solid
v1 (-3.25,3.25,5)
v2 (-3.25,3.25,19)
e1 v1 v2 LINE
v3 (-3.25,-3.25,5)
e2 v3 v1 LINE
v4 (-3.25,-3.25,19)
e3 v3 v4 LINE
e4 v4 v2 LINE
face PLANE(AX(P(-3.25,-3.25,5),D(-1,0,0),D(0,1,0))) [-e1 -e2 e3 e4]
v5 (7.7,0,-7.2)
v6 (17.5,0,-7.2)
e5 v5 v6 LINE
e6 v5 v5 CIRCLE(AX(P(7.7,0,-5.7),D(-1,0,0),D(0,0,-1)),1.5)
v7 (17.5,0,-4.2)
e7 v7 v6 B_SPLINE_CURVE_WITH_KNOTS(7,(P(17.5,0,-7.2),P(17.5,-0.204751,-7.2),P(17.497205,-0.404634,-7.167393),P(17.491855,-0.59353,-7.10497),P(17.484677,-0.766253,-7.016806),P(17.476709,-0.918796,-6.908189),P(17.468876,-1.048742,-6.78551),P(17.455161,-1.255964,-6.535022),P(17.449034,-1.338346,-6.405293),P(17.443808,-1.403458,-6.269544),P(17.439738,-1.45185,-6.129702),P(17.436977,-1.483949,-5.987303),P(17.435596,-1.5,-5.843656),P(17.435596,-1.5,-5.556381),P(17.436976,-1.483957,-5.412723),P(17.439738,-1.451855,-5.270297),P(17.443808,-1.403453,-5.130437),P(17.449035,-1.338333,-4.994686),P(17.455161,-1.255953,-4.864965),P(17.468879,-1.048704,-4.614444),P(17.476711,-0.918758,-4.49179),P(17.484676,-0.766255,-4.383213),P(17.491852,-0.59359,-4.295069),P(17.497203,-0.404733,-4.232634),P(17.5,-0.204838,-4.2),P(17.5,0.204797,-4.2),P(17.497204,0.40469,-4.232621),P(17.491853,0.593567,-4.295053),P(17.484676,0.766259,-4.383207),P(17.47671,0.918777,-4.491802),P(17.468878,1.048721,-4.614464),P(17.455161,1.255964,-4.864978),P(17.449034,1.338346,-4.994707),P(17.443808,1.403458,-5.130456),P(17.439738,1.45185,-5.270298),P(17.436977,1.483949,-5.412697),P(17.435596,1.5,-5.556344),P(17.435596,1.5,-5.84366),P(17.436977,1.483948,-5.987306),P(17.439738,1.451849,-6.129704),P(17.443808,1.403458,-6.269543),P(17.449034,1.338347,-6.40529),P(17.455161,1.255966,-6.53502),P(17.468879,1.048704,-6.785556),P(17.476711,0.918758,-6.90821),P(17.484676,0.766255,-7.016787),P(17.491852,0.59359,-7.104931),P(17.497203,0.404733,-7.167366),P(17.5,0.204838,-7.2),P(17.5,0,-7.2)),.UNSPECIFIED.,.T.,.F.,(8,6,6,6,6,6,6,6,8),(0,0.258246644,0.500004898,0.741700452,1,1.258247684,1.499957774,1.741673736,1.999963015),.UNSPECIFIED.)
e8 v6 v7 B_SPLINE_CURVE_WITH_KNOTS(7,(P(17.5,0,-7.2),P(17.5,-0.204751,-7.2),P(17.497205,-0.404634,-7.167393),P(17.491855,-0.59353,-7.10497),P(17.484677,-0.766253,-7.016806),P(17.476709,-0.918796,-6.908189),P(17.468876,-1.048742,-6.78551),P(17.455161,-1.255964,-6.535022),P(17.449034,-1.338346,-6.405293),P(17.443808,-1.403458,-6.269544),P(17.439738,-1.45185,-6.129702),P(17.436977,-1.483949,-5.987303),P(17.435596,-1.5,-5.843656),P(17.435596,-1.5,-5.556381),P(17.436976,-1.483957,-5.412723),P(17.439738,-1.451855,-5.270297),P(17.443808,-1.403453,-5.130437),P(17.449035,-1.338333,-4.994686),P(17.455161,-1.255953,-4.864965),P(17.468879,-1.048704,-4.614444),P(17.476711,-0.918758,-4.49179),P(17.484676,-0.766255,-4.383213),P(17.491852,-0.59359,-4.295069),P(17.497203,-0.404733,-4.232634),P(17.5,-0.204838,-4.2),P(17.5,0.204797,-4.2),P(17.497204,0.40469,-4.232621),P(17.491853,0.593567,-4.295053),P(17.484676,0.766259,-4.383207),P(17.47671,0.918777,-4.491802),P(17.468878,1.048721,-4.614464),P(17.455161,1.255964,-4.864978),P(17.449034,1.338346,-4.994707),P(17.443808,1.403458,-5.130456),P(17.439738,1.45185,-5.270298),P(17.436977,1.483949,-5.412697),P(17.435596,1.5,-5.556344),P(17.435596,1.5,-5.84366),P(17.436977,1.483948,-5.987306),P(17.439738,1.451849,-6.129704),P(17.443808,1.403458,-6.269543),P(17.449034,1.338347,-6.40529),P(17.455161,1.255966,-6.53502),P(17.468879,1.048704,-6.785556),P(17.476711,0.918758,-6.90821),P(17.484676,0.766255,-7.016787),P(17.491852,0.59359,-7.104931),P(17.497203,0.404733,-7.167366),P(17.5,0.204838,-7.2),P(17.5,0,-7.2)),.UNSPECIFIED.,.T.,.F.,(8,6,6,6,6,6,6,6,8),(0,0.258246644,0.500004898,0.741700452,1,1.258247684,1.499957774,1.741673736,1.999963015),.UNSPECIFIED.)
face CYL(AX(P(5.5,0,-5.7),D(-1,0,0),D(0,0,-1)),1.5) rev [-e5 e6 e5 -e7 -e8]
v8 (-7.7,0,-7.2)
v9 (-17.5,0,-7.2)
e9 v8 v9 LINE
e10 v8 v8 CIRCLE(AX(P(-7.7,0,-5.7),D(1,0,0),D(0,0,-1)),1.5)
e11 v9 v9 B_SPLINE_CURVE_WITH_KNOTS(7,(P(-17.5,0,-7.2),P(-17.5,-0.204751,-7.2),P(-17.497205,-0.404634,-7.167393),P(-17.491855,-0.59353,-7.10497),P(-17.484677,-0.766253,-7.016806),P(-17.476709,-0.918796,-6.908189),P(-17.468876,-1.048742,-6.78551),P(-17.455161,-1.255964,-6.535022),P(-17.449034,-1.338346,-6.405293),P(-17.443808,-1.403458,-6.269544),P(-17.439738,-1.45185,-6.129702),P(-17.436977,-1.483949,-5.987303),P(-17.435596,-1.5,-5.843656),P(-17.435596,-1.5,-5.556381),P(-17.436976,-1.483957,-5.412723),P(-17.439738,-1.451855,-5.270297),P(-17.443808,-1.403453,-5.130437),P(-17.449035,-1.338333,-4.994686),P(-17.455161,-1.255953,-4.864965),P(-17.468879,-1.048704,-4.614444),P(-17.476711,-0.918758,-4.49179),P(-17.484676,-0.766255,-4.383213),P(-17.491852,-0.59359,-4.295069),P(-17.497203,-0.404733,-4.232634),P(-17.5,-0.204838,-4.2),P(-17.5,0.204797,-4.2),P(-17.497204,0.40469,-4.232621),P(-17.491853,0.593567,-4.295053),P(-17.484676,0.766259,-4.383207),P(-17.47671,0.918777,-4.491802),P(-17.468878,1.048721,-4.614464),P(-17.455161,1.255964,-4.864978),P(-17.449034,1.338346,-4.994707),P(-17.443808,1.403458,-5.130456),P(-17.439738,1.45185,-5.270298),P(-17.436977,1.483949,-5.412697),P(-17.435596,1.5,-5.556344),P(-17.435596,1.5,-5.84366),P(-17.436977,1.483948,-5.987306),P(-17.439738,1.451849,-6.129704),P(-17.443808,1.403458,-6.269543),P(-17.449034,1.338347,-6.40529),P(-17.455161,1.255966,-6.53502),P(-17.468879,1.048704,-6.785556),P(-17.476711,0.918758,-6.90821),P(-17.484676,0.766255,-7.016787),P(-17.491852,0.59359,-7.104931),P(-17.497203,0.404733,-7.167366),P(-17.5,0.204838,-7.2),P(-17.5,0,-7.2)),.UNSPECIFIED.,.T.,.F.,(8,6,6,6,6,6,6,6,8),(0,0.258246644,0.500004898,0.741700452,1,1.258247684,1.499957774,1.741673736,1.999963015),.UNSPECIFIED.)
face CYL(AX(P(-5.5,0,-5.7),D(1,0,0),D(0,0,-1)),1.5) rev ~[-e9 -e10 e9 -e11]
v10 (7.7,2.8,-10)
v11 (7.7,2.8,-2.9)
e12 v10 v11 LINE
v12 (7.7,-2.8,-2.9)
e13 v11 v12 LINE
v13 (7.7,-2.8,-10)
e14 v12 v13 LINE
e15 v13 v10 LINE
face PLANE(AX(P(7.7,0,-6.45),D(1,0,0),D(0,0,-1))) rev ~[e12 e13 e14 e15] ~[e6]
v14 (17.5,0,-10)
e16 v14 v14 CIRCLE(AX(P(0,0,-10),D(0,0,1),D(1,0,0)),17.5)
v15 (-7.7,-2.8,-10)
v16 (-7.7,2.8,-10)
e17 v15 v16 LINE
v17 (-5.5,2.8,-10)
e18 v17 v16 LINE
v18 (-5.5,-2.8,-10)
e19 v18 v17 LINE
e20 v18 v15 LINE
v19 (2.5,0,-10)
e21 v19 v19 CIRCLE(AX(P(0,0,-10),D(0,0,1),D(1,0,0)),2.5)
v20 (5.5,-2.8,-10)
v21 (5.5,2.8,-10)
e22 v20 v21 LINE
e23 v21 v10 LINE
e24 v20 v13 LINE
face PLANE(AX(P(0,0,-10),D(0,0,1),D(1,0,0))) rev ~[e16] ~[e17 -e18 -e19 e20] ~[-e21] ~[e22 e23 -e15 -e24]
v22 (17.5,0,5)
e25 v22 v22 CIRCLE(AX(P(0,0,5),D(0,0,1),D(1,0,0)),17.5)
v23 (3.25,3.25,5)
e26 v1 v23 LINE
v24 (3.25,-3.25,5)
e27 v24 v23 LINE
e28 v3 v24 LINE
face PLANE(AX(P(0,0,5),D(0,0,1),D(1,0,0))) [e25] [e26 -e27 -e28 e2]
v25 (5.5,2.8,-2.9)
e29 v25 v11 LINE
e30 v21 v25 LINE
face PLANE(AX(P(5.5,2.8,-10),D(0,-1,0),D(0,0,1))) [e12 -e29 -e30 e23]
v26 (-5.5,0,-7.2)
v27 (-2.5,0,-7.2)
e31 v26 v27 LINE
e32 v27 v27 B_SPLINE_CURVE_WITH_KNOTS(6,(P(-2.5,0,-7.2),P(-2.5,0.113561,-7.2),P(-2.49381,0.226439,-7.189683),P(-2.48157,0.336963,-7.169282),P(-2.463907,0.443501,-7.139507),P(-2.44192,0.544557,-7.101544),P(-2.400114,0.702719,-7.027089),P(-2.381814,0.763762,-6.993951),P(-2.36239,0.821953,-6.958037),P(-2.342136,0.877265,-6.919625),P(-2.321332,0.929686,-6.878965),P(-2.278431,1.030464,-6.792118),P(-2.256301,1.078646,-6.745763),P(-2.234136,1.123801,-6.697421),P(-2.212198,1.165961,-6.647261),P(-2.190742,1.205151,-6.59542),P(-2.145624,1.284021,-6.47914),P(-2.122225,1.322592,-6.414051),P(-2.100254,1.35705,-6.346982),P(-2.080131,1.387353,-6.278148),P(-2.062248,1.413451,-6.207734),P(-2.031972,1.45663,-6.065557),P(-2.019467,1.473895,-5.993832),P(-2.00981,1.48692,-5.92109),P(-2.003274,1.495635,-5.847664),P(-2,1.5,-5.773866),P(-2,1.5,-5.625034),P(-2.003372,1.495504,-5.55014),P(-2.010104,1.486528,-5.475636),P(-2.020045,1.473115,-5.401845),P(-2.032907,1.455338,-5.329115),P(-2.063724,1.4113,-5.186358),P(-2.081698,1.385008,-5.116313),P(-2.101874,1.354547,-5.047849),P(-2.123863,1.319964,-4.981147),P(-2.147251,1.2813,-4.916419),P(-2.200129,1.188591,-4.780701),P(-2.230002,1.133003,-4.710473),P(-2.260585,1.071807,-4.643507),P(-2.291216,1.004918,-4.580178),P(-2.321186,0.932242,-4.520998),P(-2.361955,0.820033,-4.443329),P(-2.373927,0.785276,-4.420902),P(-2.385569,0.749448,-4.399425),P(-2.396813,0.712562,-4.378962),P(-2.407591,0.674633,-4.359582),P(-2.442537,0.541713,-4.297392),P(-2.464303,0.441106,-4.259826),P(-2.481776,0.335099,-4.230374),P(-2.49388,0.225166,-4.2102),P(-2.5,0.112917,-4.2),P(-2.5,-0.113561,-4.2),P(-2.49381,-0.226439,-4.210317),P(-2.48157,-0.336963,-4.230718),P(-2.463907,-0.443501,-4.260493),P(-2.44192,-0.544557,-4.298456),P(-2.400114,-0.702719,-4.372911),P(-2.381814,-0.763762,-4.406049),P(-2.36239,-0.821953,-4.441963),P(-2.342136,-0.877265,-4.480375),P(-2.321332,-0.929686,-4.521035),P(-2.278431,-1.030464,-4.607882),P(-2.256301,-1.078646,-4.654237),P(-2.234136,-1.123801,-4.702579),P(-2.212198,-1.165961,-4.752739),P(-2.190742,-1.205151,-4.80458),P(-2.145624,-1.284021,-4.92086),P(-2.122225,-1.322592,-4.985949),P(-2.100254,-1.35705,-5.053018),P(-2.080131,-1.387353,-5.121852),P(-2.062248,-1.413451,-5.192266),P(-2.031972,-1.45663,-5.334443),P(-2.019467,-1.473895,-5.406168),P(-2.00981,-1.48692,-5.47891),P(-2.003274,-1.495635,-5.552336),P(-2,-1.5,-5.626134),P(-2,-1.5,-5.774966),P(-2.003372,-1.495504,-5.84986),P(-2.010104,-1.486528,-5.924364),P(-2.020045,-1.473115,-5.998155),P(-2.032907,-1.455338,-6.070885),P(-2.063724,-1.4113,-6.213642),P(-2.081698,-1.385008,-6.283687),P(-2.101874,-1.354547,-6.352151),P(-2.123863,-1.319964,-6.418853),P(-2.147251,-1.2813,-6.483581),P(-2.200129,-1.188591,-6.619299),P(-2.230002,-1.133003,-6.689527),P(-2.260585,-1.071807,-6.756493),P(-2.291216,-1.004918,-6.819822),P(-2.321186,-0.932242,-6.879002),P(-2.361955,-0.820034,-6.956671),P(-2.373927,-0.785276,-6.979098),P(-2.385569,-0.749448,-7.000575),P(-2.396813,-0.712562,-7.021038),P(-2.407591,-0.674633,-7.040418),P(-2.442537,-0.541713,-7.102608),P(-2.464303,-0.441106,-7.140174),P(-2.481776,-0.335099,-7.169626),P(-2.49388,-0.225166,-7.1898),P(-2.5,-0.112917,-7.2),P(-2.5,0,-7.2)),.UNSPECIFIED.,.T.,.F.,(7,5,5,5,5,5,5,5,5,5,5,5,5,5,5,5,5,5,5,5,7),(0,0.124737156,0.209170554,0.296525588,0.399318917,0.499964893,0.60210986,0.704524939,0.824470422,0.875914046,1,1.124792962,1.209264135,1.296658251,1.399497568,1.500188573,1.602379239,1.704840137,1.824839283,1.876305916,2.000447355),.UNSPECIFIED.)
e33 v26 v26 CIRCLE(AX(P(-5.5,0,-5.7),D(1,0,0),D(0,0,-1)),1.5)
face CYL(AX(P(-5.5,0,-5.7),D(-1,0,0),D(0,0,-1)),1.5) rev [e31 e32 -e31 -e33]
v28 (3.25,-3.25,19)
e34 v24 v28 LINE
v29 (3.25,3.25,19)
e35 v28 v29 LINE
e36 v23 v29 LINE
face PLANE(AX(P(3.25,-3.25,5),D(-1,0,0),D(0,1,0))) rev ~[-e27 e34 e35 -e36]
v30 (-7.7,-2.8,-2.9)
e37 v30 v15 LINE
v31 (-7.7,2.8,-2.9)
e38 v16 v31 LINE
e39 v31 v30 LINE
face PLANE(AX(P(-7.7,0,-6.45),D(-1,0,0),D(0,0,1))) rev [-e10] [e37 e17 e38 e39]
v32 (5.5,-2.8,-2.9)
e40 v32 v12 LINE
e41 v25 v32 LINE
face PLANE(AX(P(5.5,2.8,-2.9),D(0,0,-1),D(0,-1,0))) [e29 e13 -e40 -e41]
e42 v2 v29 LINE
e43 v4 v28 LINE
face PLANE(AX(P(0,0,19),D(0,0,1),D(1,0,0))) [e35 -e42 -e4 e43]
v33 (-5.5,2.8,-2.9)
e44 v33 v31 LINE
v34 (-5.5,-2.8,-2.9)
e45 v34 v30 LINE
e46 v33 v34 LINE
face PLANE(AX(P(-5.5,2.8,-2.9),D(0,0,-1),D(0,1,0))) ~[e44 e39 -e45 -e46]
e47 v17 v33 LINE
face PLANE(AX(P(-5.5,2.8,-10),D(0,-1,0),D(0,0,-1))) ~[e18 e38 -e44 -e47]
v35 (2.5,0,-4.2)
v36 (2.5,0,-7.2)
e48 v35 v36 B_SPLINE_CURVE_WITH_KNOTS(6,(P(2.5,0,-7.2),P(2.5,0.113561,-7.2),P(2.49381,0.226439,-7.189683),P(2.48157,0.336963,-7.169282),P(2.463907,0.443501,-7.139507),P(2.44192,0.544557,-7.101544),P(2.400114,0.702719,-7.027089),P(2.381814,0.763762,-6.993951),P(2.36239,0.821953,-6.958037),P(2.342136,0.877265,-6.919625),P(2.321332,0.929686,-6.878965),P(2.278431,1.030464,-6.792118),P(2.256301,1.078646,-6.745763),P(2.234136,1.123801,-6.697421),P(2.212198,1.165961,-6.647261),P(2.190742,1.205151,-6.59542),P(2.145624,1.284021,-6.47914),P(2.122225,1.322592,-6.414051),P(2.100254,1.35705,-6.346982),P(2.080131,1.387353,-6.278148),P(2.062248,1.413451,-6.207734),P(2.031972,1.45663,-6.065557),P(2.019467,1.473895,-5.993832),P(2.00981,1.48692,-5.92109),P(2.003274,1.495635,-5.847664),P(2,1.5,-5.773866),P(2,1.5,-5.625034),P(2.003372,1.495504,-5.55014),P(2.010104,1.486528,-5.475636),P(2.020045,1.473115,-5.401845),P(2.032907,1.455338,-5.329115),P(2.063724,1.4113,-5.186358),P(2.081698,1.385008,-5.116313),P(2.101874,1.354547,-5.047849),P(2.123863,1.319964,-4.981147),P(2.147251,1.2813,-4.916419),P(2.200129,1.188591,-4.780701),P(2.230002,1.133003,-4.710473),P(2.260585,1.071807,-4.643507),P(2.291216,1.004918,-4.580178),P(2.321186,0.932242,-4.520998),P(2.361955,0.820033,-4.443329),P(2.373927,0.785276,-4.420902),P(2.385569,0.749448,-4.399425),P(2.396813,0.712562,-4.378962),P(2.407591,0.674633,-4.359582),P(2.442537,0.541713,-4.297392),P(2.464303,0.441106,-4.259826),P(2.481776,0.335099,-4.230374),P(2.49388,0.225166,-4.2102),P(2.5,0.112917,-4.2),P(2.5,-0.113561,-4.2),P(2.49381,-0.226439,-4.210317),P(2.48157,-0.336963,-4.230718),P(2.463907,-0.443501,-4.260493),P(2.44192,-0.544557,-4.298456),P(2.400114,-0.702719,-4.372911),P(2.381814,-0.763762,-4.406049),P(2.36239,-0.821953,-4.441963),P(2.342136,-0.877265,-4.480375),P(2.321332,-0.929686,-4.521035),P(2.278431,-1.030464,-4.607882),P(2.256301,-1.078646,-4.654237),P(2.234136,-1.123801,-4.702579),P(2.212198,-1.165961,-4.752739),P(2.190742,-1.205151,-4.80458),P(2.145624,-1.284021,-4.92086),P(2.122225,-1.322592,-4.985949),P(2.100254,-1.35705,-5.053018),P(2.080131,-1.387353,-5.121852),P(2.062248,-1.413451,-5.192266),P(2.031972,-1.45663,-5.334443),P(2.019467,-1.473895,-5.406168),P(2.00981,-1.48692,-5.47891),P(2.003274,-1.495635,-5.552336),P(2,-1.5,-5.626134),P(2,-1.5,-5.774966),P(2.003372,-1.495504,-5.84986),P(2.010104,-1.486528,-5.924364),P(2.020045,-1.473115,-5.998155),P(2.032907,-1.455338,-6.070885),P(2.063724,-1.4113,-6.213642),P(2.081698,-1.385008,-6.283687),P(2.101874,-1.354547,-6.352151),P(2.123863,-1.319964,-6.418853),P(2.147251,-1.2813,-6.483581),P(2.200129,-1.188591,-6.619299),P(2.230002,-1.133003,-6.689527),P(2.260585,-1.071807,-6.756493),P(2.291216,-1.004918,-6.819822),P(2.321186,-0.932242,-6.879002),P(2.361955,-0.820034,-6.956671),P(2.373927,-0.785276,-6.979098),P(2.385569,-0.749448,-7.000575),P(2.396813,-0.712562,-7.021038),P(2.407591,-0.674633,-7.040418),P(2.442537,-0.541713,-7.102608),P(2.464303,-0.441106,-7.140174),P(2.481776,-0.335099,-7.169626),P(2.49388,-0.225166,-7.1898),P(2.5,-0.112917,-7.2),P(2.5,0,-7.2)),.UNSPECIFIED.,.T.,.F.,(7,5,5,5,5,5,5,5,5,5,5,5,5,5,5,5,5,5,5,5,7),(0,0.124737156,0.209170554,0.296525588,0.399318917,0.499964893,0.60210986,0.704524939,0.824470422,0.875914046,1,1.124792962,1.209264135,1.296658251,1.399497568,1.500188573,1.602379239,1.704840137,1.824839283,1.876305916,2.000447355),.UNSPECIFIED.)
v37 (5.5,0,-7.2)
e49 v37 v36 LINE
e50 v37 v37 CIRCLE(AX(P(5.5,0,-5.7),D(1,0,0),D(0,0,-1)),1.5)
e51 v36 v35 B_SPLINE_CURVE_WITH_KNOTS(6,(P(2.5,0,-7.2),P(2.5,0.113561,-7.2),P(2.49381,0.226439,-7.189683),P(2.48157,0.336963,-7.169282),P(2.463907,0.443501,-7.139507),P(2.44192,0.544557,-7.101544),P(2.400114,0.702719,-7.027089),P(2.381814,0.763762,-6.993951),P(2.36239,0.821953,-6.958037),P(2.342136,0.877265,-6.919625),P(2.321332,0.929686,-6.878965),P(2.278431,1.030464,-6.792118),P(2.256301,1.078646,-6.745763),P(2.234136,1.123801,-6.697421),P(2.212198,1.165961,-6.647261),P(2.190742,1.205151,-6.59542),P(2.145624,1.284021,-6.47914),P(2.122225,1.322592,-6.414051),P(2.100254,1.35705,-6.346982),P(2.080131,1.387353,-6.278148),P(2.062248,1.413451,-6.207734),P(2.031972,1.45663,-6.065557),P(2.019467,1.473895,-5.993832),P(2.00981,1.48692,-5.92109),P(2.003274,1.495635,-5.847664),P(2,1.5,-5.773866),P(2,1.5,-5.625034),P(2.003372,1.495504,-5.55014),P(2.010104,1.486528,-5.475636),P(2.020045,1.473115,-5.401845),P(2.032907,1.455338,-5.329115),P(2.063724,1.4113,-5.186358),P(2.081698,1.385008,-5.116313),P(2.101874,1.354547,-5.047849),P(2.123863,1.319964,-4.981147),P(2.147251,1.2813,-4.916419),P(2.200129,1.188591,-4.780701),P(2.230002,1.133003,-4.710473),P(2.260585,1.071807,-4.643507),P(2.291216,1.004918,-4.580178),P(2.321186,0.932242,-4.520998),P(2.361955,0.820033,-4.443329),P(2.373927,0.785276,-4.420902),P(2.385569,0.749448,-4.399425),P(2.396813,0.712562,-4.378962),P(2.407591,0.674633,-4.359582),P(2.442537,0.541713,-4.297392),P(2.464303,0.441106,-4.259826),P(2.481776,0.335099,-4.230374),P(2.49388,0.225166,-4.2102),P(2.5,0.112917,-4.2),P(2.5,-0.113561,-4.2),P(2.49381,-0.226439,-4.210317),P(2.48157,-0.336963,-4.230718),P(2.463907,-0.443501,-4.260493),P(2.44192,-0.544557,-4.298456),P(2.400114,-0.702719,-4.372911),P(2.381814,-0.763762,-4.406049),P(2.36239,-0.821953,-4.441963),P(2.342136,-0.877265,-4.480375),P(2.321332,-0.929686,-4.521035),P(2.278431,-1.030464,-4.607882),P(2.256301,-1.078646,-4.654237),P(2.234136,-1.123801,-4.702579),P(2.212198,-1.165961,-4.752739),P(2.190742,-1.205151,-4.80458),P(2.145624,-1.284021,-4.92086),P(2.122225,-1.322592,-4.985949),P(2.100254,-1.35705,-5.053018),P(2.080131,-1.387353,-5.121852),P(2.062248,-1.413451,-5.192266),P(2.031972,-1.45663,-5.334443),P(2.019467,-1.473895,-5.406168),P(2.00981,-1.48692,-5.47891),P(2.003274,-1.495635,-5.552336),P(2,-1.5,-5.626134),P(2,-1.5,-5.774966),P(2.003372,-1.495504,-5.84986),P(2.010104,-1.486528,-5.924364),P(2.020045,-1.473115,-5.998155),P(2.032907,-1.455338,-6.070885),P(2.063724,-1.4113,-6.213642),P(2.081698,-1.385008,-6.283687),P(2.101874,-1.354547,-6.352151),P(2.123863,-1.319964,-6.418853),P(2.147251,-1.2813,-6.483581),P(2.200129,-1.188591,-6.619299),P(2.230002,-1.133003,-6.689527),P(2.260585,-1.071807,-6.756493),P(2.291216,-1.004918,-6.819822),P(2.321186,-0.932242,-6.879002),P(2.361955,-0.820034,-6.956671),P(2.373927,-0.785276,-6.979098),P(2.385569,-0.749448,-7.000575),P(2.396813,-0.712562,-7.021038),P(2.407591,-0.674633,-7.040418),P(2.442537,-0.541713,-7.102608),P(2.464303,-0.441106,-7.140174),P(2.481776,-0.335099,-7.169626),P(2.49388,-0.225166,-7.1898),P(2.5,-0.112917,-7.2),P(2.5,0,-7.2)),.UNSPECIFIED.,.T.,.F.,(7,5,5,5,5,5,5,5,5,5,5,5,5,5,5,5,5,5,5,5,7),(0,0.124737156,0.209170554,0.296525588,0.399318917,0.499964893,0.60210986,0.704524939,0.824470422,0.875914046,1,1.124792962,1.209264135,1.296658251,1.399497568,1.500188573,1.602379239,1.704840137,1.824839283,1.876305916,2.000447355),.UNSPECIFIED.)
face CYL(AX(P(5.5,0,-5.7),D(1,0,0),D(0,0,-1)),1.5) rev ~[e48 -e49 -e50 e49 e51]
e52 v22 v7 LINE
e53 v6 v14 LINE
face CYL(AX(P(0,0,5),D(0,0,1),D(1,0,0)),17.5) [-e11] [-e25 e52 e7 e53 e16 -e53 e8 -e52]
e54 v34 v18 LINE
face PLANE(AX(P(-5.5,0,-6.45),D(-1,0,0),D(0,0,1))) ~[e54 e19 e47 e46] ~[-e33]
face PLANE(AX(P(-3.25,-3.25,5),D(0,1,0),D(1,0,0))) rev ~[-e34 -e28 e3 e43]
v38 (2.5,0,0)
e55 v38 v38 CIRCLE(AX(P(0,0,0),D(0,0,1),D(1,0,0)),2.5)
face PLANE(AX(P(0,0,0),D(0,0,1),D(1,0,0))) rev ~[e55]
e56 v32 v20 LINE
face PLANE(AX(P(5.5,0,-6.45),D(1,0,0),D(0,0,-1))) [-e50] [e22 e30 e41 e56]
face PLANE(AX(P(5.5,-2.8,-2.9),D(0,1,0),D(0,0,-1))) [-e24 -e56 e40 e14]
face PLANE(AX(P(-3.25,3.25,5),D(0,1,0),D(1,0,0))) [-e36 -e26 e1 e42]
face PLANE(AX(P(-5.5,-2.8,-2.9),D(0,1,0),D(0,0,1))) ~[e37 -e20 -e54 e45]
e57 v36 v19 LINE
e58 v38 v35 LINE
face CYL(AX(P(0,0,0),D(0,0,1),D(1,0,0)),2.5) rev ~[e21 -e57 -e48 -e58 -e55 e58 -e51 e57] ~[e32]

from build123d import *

# Parameters (mm, degrees)
SKETCH1_R                           = 17.5
SKETCH1_R_2                         = 2.5
BOSS_EXTRUDE1_DEPTH                 = 10
BOSS_EXTRUDE2_START                 = 5
SKETCH1_3_R                         = 17.5
BOSS_EXTRUDE2_DEPTH                 = 5
CUT_EXTRUDE1_REACH                  = 32.582
CUT_EXTRUDE1_END_RADIUS             = 17.5
SKETCH8_R                           = 1.5
CUT_EXTRUDE1_DIRECTION_2_REACH      = 32.582
CUT_EXTRUDE1_DIRECTION_2_END_RADIUS = 2.5
CUT_EXTRUDE2_DEPTH                  = 2.2
SKETCH10_W                          = 6.5
SKETCH10_H                          = 6.5
BOSS_EXTRUDE3_DEPTH                 = 14


with BuildPart() as part:
    # Sketch1 → Boss-Extrude1 (new body)
    with BuildSketch(Plane.XY):
        Circle(SKETCH1_R)
        Circle(SKETCH1_R_2, mode=Mode.SUBTRACT)
    extrude(amount=-BOSS_EXTRUDE1_DEPTH)

    # Sketch1<3> → Boss-Extrude2 (add)
    with BuildSketch(Plane.XY.offset(BOSS_EXTRUDE2_START)):
        Circle(SKETCH1_3_R)
    extrude(amount=-BOSS_EXTRUDE2_DEPTH)

    # Cut-Extrude1: up to this cylinder (the profile starts inside it)
    cut_extrude1_end = Plane(origin=(0, 0, -5.7), z_dir=(0, 0, 1)) * Cylinder(CUT_EXTRUDE1_END_RADIUS, 101.164, mode=Mode.PRIVATE)
    # Sketch8 → Cut-Extrude1 (cut, up to the surface)
    with BuildSketch(Plane(origin=(5.5, 0, 0), x_dir=(0, 0, -1), z_dir=(1, 0, 0)), mode=Mode.PRIVATE) as cut_extrude1_sk1:
        with Locations((5.7, 0)):
            Circle(SKETCH8_R)
    cut_extrude1_tool1 = extrude(cut_extrude1_sk1.sketch, amount=CUT_EXTRUDE1_REACH, mode=Mode.PRIVATE) & cut_extrude1_end
    cut_extrude1 = cut_extrude1_tool1.solids().sort_by_distance((5.5, 0, -5.7))[0]
    add(cut_extrude1, mode=Mode.SUBTRACT)

    # Cut-Extrude1 direction 2: up to this cylinder (the profile starts outside it)
    cut_extrude1_direction_2_end = Plane(origin=(0, 0, -5.7), z_dir=(0, 0, 1)) * Cylinder(CUT_EXTRUDE1_DIRECTION_2_END_RADIUS, 71.164, mode=Mode.PRIVATE)
    # Sketch8 → Cut-Extrude1 direction 2 (cut, up to the surface)
    with BuildSketch(Plane(origin=(5.5, 0, 0), x_dir=(0, 0, -1), z_dir=(1, 0, 0)), mode=Mode.PRIVATE) as cut_extrude1_direction_2_sk1:
        with Locations((5.7, 0)):
            Circle(SKETCH8_R)
    cut_extrude1_direction_2_tool1 = extrude(cut_extrude1_direction_2_sk1.sketch, amount=-CUT_EXTRUDE1_DIRECTION_2_REACH, mode=Mode.PRIVATE) - cut_extrude1_direction_2_end
    cut_extrude1_direction_2 = cut_extrude1_direction_2_tool1.solids().sort_by_distance((5.5, 0, -5.7))[0]
    add(cut_extrude1_direction_2, mode=Mode.SUBTRACT)
    cut_extrude1 = cut_extrude1 + cut_extrude1_direction_2  # both directions under the feature's name, for the pattern or mirror that repeats it

    # Sketch8<4> → Cut-Extrude2 (cut)
    with BuildSketch(Plane(origin=(5.5, 0, 0), x_dir=(0, 0, -1), z_dir=(1, 0, 0))):
        Polygon((8.5, 2.8), (2.9, 2.8), (2.9, -2.8), (8.5, -2.8), (10, -2.8), (10, 2.8), align=None)
    cut_extrude2 = extrude(amount=CUT_EXTRUDE2_DEPTH, mode=Mode.SUBTRACT)

    # Mirror1: Cut-Extrude1, Cut-Extrude2 across plane
    add(cut_extrude1.mirror(Plane(origin=(0, 0, 0), x_dir=(0, 0, 1), z_dir=(1, 0, 0))), mode=Mode.SUBTRACT)
    add(cut_extrude2.mirror(Plane(origin=(0, 0, 0), x_dir=(0, 0, 1), z_dir=(1, 0, 0))), mode=Mode.SUBTRACT)

    # Sketch10 → Boss-Extrude3 (add)
    with BuildSketch(Plane.XY.offset(5)):
        Rectangle(SKETCH10_W, SKETCH10_H)
    extrude(amount=BOSS_EXTRUDE3_DEPTH)


solid = part.part
